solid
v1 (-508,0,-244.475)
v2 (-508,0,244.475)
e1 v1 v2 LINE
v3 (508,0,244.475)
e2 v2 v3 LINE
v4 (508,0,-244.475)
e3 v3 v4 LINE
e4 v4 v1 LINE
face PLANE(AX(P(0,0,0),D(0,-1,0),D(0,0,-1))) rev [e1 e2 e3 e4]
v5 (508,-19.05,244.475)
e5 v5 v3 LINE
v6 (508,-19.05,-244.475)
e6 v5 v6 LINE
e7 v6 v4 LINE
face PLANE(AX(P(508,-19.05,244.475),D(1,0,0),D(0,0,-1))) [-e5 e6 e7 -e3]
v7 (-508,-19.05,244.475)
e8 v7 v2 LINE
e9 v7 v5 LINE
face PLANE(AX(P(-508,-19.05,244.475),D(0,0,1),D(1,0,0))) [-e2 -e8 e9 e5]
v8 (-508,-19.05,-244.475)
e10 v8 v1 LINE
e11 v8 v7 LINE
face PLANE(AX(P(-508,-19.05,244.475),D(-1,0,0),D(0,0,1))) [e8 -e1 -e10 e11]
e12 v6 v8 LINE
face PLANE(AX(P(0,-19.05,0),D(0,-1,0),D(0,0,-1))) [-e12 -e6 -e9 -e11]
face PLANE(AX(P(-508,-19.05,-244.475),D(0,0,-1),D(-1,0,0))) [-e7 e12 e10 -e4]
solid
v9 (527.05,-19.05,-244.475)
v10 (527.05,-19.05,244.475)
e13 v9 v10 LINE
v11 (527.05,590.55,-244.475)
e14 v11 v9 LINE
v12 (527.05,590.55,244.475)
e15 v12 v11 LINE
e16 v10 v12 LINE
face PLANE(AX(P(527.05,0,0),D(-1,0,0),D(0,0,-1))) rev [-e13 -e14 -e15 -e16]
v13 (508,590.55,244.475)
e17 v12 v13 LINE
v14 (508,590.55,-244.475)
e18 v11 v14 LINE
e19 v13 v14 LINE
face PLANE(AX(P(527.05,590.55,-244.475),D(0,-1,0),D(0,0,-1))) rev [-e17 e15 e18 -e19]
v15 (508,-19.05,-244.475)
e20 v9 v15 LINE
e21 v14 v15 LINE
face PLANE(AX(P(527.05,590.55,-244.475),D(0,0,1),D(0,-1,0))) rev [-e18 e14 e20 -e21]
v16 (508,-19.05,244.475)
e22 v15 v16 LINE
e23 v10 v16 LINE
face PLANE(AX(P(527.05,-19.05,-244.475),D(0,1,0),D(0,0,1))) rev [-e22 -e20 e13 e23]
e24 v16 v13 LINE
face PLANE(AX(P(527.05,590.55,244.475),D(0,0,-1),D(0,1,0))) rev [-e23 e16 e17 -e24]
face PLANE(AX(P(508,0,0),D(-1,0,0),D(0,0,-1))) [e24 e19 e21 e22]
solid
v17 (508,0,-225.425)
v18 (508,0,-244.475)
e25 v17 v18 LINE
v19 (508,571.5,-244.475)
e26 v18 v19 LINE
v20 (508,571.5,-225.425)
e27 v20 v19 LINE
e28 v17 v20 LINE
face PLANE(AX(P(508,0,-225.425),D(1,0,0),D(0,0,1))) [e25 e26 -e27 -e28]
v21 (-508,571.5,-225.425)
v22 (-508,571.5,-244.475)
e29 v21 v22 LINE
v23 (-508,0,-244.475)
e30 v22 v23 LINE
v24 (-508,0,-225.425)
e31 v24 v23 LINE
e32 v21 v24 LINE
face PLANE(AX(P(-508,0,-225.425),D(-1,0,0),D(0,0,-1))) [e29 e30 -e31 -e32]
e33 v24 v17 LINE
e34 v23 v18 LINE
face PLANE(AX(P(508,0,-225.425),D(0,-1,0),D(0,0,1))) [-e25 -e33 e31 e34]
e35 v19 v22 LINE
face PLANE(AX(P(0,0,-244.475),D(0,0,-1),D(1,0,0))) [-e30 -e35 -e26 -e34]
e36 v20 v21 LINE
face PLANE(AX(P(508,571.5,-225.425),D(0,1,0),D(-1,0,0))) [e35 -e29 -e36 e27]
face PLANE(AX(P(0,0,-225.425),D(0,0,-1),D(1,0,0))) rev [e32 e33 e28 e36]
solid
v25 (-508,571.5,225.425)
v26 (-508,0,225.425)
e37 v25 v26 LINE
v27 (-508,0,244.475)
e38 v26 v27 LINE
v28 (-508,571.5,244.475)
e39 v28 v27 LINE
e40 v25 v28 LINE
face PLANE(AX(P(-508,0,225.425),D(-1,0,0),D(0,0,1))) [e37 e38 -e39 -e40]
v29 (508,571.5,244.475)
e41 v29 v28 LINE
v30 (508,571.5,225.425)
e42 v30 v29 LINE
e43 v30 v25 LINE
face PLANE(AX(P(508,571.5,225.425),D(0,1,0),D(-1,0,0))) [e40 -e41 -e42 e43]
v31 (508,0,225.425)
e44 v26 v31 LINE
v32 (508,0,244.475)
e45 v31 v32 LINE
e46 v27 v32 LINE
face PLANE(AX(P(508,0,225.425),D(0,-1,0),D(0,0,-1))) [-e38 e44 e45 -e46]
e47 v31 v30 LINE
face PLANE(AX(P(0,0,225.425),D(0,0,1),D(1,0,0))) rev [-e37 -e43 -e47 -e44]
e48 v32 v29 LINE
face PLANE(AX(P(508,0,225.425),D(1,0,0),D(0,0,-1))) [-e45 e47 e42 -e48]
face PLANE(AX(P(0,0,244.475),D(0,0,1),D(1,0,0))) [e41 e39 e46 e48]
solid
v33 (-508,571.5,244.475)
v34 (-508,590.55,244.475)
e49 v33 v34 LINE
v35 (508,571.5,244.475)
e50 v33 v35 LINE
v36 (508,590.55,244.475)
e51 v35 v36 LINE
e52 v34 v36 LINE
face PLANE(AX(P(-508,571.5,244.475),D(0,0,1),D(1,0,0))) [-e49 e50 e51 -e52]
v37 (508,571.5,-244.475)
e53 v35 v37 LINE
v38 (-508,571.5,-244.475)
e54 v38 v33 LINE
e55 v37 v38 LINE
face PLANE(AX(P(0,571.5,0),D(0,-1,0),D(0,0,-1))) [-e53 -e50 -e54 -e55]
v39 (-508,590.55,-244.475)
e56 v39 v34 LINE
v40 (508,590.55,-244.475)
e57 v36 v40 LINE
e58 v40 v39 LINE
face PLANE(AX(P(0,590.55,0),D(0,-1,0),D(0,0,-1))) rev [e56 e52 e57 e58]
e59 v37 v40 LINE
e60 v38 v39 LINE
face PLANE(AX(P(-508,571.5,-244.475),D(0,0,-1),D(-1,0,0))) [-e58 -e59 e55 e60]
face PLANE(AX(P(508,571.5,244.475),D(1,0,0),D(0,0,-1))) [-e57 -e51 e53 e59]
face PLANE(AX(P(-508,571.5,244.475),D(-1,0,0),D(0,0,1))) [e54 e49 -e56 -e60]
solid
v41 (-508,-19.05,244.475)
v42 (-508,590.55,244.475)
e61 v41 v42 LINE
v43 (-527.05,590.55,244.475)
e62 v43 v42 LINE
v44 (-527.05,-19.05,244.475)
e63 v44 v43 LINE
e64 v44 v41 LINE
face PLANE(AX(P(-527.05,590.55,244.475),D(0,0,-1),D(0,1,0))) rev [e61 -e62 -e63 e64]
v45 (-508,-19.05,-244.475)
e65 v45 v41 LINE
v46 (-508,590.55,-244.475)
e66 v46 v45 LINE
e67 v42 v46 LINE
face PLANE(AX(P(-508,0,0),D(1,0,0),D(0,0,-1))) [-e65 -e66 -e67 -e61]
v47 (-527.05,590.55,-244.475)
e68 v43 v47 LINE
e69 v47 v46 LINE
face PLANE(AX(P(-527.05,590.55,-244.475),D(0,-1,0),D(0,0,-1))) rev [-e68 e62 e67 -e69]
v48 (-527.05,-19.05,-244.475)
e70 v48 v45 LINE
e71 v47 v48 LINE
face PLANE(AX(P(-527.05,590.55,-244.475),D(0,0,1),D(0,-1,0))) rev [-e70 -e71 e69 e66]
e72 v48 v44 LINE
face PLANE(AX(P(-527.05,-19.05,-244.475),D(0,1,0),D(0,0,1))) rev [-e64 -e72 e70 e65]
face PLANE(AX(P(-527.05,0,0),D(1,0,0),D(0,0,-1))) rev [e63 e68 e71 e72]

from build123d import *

# Parameters (mm, degrees)
SKETCH1_W    = 1016
SKETCH1_H    = 488.95
BOTTOM_DEPTH = 19.05
SKETCH2_W    = 488.95
SKETCH2_H    = 609.6
SIDE_DEPTH   = 19.05
SKETCH3_W    = 1016
SKETCH3_H    = 488.95
TOP_DEPTH    = 19.05
SKETCH6_W    = 1016
SKETCH6_H    = 571.5
FRONT_DEPTH  = 19.05


with BuildPart() as part:
    # Sketch1 → bottom (new body)
    with BuildSketch(Plane(origin=(0, 0, 0), x_dir=(1, 0, 0), z_dir=(0, 1, 0))):
        Rectangle(SKETCH1_W, SKETCH1_H)
    extrude(amount=-BOTTOM_DEPTH)


with BuildPart() as body_2:
    # Sketch2 → side (new body)
    with BuildSketch(Plane.ZY.offset(508)):
        with Locations((0, 285.75)):
            Rectangle(SKETCH2_W, SKETCH2_H)
    extrude(amount=SIDE_DEPTH)


with BuildPart() as body_3:
    # Mirror1: mirrored copy
    add(body_2.part.mirror(Plane(origin=(0, 0, 0), x_dir=(0, 0, 1), z_dir=(1, 0, 0))))


with BuildPart() as body_4:
    # Sketch3 → top (new body)
    with BuildSketch(Plane(origin=(0, 590.55, 0), x_dir=(1, 0, 0), z_dir=(0, 1, 0))):
        Rectangle(SKETCH3_W, SKETCH3_H)
    extrude(amount=-TOP_DEPTH)


with BuildPart() as body_5:
    # Sketch6 → front (new body)
    with BuildSketch(Plane.XY.offset(244.475)):
        with Locations((0, 285.75)):
            Rectangle(SKETCH6_W, SKETCH6_H)
    extrude(amount=-FRONT_DEPTH)


with BuildPart() as body_6:
    # Mirror2: mirrored copy
    add(body_5.part.mirror(Plane.XY))


solid = Compound([part.part, body_2.part, body_3.part, body_4.part, body_5.part, body_6.part])
